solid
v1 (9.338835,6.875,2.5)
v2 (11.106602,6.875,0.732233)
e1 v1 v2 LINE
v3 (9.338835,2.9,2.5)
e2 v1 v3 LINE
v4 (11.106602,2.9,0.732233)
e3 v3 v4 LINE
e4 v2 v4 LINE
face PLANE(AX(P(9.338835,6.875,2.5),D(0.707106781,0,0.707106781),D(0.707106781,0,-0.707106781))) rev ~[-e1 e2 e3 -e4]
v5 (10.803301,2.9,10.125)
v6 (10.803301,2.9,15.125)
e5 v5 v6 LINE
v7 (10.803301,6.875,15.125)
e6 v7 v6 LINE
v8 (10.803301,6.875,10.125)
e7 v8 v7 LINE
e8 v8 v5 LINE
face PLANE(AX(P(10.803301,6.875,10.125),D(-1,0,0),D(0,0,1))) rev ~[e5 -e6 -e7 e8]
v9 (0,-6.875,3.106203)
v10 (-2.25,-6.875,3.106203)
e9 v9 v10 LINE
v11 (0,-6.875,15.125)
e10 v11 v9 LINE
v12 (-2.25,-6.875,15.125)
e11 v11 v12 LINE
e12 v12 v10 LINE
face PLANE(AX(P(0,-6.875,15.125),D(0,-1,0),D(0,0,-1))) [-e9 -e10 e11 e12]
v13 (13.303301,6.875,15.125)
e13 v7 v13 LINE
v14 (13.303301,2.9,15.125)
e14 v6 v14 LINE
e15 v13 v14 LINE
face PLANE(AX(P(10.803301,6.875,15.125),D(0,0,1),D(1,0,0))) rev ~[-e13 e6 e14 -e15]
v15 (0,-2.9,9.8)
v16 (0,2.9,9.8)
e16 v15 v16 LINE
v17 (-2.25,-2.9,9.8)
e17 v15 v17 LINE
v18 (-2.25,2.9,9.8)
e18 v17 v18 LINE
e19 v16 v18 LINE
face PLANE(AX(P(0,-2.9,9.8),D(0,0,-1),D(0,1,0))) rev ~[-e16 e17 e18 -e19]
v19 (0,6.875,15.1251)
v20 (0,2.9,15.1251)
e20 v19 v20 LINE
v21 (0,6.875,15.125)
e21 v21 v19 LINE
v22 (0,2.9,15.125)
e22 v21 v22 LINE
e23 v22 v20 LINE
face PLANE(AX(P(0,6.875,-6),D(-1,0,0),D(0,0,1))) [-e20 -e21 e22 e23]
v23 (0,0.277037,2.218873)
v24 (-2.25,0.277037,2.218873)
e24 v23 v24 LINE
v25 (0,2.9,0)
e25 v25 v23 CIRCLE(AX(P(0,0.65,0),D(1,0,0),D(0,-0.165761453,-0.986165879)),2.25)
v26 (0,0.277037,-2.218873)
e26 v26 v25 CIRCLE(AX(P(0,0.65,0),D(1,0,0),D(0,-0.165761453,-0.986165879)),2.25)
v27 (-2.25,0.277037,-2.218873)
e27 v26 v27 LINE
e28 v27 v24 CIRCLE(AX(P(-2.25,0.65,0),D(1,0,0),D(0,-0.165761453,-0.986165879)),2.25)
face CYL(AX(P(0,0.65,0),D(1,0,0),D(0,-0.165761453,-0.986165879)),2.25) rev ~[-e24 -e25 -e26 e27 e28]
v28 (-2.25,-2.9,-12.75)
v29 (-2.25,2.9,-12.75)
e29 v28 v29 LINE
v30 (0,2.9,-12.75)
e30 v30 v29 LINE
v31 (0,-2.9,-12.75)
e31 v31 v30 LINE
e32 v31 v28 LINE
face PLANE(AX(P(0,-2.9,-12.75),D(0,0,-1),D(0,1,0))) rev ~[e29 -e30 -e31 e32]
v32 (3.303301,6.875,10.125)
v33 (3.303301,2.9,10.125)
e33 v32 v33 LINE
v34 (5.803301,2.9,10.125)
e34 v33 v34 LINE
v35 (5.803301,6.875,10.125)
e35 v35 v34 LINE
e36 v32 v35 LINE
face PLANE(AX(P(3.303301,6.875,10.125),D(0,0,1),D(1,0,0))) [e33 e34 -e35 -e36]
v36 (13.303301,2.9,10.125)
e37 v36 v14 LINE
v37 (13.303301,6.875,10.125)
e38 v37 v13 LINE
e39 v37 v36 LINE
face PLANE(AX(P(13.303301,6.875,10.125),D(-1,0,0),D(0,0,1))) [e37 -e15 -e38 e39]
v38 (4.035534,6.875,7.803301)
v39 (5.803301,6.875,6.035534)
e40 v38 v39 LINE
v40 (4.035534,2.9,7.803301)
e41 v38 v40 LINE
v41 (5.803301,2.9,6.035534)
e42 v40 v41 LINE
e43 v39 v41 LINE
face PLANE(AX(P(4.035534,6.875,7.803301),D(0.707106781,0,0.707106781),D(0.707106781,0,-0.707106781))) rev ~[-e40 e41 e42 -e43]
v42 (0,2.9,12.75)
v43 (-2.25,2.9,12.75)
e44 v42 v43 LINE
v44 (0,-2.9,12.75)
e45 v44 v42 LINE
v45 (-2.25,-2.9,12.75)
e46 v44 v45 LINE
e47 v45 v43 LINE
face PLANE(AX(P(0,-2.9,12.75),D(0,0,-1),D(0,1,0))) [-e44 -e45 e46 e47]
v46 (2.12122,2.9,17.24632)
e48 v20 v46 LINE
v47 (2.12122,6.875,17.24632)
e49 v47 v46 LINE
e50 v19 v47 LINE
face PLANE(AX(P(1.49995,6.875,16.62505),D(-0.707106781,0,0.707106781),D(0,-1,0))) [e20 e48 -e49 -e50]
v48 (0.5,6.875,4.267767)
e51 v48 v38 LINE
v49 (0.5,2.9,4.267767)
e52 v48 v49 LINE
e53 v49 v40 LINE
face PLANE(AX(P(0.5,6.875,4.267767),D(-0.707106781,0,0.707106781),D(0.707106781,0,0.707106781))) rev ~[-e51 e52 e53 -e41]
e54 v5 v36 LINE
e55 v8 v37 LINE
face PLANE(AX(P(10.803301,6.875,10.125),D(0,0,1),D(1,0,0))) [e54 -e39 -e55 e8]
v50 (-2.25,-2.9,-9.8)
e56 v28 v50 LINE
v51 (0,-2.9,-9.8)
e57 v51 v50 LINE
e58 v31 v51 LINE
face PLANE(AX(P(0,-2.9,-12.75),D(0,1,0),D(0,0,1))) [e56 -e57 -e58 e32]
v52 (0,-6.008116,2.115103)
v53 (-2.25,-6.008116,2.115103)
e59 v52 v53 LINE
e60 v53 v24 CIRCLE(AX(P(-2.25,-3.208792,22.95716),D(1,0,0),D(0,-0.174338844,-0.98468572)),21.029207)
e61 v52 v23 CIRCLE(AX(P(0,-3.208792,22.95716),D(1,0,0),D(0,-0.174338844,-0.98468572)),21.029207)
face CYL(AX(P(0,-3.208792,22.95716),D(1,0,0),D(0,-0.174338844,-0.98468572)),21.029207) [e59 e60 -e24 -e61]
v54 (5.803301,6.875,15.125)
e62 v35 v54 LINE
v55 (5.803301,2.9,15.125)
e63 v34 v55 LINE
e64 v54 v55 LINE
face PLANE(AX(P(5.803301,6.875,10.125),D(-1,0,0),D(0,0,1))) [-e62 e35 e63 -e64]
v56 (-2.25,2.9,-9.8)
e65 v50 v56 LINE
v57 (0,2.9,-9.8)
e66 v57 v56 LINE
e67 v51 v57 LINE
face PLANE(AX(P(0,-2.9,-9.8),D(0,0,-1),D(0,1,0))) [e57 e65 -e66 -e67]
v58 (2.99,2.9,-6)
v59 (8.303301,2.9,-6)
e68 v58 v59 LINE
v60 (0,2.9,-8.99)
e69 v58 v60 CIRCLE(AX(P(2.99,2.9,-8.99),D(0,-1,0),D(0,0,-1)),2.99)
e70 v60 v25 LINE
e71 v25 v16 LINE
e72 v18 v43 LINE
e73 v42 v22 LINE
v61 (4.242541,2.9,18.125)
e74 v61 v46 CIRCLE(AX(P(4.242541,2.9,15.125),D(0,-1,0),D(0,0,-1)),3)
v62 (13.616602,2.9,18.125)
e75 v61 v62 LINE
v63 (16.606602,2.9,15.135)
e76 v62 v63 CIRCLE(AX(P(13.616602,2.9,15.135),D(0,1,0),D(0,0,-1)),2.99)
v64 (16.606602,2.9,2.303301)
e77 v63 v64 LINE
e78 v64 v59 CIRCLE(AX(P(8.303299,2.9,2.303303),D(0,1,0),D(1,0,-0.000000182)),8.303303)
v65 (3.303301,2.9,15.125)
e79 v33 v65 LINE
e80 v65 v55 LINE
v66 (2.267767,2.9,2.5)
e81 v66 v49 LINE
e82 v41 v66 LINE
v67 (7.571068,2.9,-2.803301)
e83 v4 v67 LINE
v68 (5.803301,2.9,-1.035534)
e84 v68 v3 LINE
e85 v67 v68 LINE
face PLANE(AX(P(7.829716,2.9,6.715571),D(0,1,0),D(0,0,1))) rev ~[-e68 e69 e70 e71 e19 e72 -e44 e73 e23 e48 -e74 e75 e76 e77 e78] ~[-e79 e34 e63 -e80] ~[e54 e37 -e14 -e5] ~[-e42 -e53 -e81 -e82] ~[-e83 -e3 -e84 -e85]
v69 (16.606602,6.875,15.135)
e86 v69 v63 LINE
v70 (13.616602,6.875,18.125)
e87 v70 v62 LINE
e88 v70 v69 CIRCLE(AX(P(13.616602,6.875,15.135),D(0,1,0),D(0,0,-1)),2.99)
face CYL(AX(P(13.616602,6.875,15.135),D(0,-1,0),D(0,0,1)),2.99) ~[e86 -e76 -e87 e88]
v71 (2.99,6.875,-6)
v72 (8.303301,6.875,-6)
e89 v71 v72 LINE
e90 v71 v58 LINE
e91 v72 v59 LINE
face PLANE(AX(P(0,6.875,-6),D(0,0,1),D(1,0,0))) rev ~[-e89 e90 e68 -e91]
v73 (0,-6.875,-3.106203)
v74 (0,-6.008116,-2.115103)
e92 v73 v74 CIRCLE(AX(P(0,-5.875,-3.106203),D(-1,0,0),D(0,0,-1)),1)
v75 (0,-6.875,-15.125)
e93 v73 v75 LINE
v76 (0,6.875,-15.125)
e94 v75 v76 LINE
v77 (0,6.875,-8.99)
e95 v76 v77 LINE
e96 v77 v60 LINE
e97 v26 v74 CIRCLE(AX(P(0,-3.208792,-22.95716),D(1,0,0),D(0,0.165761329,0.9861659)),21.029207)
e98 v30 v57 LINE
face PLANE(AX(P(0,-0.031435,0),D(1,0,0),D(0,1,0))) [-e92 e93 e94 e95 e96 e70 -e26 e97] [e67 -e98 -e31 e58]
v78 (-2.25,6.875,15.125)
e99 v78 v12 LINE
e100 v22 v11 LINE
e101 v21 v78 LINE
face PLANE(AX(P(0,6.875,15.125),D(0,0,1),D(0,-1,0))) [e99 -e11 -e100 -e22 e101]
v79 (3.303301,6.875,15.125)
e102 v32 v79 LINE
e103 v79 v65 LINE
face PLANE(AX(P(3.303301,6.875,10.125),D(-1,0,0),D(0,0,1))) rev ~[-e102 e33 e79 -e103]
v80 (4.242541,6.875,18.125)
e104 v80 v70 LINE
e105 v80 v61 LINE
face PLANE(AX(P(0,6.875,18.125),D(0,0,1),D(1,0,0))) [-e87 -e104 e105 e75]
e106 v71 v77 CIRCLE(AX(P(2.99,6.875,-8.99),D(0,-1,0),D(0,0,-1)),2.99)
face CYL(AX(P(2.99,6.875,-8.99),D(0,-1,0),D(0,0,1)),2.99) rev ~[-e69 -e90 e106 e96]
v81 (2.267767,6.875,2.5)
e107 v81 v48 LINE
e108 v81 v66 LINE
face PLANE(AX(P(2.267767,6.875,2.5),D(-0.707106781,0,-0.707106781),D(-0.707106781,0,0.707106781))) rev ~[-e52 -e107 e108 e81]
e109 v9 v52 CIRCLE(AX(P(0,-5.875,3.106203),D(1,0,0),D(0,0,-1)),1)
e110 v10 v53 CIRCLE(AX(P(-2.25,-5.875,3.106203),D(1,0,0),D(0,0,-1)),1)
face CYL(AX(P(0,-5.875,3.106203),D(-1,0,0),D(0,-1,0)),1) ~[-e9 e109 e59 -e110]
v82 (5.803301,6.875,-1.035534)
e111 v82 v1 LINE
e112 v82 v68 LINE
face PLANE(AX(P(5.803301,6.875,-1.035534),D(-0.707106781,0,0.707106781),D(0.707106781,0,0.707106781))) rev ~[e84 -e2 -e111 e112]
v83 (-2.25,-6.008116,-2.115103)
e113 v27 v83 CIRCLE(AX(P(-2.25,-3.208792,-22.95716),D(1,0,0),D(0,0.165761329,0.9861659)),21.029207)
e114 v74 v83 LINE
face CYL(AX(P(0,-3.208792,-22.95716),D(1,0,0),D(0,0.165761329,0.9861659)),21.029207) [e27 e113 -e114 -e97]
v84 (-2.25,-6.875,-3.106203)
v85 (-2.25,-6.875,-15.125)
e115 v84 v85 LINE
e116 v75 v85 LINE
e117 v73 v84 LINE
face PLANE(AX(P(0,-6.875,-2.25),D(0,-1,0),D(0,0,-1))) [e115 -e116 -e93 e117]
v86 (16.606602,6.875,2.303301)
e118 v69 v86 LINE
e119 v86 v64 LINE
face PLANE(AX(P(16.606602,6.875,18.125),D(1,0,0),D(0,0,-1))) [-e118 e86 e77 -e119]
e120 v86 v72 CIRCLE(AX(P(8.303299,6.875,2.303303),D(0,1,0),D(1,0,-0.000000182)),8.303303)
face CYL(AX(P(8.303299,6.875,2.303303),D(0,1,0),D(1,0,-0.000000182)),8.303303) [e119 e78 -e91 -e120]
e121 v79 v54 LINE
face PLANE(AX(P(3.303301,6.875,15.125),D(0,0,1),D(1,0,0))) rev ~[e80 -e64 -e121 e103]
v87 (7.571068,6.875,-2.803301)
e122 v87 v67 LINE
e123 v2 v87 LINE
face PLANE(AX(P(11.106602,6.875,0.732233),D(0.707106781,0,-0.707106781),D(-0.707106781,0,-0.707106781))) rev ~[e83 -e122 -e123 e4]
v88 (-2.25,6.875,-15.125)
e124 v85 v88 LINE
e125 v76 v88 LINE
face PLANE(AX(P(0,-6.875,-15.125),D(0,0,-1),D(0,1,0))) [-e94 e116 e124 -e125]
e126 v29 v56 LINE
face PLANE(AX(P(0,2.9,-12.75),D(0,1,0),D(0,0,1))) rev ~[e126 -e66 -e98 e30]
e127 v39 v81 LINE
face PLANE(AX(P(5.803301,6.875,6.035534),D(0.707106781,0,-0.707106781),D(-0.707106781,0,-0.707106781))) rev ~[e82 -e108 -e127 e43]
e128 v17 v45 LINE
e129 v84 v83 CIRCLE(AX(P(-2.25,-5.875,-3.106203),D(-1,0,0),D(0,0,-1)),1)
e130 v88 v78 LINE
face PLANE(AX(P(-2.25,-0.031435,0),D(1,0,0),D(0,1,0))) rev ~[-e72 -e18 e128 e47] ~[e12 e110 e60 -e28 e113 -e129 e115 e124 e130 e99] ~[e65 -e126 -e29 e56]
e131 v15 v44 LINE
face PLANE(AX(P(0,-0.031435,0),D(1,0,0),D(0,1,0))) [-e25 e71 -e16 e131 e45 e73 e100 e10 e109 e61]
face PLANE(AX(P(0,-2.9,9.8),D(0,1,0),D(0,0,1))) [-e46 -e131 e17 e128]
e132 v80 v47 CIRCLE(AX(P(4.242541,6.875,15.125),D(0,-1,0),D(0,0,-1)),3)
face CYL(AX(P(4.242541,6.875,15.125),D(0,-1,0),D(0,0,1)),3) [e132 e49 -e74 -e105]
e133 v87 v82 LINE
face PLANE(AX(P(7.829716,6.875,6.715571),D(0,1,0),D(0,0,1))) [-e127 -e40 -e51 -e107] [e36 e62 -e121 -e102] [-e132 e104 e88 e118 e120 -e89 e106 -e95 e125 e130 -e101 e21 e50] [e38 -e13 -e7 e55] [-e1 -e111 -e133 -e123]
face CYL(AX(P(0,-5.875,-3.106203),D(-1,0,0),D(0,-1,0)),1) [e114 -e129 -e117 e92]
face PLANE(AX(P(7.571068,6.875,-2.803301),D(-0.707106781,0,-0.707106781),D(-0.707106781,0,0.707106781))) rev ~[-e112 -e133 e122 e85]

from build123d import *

# Parameters (mm, degrees)
SKETCH_W     = 5.8
SKETCH_H     = 2.95
PAD_DEPTH    = 2.25
SKETCH001_W  = 5
SKETCH001_H  = 2.5
PAD001_DEPTH = 3.975
FILLET_R     = 2.99
CHAMFER_SIZE = 2.9999
FILLET001_R  = 3
FILLET002_R  = 1


with BuildPart() as part:
    # Sketch → Pad (new body)
    with BuildSketch(Plane.YZ):
        with BuildLine():
            Line((-6.875, -15.125), (6.875, -15.125))
            Line((6.875, -15.125), (6.875, 15.125))
            Line((6.875, 15.125), (-6.875, 15.125))
            Line((-6.875, 15.125), (-6.875, 2.25))
            ThreePointArc((-6.875, 2.25), (-3.300315, 1.928152), (0.277037, 2.218873))
            ThreePointArc((0.277037, -2.218873), (2.9, 0), (0.277037, 2.218873))
            ThreePointArc((0.277037, -2.218873), (-3.300315, -1.928152), (-6.875, -2.25))
            Line((-6.875, -2.25), (-6.875, -15.125))
        make_face()
        with Locations((0, 11.275)):
            Rectangle(SKETCH_W, SKETCH_H, mode=Mode.SUBTRACT)
        with Locations((0, -11.275)):
            Rectangle(SKETCH_W, SKETCH_H, mode=Mode.SUBTRACT)
    extrude(amount=-PAD_DEPTH)

    # Sketch001 (on DatumPlane) → Pad001 (join)
    with BuildSketch(Plane.ZX.offset(6.875)):
        with BuildLine():
            Line((-6, 0), (15.125, 0))
            Line((15.125, 0), (18.125, 0))
            Line((18.125, 0), (18.125, 16.606602))
            Line((18.125, 16.606602), (15.125, 16.606602))
            Line((2.303301, 16.606602), (15.125, 16.606602))
            ThreePointArc((2.303301, 16.606602), (-3.568019, 14.174621), (-6, 8.303301))
            Line((-6, 0), (-6, 8.303301))
        make_face()
        with Locations((12.625, 4.553301)):
            Rectangle(SKETCH001_W, SKETCH001_H, mode=Mode.SUBTRACT)
        with Locations((12.625, 12.053301)):
            Rectangle(SKETCH001_W, SKETCH001_H, mode=Mode.SUBTRACT)
        Polygon((4.267767, 0.5), (7.803301, 4.035534), (6.035534, 5.803301), (2.5, 2.267767), align=None, mode=Mode.SUBTRACT)
        Polygon((-1.035534, 5.803301), (2.5, 9.338835), (0.732233, 11.106602), (-2.803301, 7.571068), align=None, mode=Mode.SUBTRACT)
    extrude(amount=-PAD001_DEPTH)

    # Fillet
    fillet_edges = [part.edges().sort_by_distance(p)[0] for p in [
        (0, 4.8875, -6),
        (16.606602, 4.8875, 18.125),
    ]]
    fillet(fillet_edges, radius=FILLET_R)

    # Chamfer
    chamfer_edges = [part.edges().sort_by_distance(p)[0] for p in [
        (0, 4.8875, 18.125),
    ]]
    chamfer(chamfer_edges, length=CHAMFER_SIZE)

    # Fillet001
    fillet001_edges = [part.edges().sort_by_distance(p)[0] for p in [
        (2.9999, 4.8875, 18.125),
    ]]
    fillet(fillet001_edges, radius=FILLET001_R)

    # Fillet002
    fillet002_edges = [part.edges().sort_by_distance(p)[0] for p in [
        (-1.125, -6.875, 2.25),
        (-1.125, -6.875, -2.25),
    ]]
    fillet(fillet002_edges, radius=FILLET002_R)


solid = part.part
